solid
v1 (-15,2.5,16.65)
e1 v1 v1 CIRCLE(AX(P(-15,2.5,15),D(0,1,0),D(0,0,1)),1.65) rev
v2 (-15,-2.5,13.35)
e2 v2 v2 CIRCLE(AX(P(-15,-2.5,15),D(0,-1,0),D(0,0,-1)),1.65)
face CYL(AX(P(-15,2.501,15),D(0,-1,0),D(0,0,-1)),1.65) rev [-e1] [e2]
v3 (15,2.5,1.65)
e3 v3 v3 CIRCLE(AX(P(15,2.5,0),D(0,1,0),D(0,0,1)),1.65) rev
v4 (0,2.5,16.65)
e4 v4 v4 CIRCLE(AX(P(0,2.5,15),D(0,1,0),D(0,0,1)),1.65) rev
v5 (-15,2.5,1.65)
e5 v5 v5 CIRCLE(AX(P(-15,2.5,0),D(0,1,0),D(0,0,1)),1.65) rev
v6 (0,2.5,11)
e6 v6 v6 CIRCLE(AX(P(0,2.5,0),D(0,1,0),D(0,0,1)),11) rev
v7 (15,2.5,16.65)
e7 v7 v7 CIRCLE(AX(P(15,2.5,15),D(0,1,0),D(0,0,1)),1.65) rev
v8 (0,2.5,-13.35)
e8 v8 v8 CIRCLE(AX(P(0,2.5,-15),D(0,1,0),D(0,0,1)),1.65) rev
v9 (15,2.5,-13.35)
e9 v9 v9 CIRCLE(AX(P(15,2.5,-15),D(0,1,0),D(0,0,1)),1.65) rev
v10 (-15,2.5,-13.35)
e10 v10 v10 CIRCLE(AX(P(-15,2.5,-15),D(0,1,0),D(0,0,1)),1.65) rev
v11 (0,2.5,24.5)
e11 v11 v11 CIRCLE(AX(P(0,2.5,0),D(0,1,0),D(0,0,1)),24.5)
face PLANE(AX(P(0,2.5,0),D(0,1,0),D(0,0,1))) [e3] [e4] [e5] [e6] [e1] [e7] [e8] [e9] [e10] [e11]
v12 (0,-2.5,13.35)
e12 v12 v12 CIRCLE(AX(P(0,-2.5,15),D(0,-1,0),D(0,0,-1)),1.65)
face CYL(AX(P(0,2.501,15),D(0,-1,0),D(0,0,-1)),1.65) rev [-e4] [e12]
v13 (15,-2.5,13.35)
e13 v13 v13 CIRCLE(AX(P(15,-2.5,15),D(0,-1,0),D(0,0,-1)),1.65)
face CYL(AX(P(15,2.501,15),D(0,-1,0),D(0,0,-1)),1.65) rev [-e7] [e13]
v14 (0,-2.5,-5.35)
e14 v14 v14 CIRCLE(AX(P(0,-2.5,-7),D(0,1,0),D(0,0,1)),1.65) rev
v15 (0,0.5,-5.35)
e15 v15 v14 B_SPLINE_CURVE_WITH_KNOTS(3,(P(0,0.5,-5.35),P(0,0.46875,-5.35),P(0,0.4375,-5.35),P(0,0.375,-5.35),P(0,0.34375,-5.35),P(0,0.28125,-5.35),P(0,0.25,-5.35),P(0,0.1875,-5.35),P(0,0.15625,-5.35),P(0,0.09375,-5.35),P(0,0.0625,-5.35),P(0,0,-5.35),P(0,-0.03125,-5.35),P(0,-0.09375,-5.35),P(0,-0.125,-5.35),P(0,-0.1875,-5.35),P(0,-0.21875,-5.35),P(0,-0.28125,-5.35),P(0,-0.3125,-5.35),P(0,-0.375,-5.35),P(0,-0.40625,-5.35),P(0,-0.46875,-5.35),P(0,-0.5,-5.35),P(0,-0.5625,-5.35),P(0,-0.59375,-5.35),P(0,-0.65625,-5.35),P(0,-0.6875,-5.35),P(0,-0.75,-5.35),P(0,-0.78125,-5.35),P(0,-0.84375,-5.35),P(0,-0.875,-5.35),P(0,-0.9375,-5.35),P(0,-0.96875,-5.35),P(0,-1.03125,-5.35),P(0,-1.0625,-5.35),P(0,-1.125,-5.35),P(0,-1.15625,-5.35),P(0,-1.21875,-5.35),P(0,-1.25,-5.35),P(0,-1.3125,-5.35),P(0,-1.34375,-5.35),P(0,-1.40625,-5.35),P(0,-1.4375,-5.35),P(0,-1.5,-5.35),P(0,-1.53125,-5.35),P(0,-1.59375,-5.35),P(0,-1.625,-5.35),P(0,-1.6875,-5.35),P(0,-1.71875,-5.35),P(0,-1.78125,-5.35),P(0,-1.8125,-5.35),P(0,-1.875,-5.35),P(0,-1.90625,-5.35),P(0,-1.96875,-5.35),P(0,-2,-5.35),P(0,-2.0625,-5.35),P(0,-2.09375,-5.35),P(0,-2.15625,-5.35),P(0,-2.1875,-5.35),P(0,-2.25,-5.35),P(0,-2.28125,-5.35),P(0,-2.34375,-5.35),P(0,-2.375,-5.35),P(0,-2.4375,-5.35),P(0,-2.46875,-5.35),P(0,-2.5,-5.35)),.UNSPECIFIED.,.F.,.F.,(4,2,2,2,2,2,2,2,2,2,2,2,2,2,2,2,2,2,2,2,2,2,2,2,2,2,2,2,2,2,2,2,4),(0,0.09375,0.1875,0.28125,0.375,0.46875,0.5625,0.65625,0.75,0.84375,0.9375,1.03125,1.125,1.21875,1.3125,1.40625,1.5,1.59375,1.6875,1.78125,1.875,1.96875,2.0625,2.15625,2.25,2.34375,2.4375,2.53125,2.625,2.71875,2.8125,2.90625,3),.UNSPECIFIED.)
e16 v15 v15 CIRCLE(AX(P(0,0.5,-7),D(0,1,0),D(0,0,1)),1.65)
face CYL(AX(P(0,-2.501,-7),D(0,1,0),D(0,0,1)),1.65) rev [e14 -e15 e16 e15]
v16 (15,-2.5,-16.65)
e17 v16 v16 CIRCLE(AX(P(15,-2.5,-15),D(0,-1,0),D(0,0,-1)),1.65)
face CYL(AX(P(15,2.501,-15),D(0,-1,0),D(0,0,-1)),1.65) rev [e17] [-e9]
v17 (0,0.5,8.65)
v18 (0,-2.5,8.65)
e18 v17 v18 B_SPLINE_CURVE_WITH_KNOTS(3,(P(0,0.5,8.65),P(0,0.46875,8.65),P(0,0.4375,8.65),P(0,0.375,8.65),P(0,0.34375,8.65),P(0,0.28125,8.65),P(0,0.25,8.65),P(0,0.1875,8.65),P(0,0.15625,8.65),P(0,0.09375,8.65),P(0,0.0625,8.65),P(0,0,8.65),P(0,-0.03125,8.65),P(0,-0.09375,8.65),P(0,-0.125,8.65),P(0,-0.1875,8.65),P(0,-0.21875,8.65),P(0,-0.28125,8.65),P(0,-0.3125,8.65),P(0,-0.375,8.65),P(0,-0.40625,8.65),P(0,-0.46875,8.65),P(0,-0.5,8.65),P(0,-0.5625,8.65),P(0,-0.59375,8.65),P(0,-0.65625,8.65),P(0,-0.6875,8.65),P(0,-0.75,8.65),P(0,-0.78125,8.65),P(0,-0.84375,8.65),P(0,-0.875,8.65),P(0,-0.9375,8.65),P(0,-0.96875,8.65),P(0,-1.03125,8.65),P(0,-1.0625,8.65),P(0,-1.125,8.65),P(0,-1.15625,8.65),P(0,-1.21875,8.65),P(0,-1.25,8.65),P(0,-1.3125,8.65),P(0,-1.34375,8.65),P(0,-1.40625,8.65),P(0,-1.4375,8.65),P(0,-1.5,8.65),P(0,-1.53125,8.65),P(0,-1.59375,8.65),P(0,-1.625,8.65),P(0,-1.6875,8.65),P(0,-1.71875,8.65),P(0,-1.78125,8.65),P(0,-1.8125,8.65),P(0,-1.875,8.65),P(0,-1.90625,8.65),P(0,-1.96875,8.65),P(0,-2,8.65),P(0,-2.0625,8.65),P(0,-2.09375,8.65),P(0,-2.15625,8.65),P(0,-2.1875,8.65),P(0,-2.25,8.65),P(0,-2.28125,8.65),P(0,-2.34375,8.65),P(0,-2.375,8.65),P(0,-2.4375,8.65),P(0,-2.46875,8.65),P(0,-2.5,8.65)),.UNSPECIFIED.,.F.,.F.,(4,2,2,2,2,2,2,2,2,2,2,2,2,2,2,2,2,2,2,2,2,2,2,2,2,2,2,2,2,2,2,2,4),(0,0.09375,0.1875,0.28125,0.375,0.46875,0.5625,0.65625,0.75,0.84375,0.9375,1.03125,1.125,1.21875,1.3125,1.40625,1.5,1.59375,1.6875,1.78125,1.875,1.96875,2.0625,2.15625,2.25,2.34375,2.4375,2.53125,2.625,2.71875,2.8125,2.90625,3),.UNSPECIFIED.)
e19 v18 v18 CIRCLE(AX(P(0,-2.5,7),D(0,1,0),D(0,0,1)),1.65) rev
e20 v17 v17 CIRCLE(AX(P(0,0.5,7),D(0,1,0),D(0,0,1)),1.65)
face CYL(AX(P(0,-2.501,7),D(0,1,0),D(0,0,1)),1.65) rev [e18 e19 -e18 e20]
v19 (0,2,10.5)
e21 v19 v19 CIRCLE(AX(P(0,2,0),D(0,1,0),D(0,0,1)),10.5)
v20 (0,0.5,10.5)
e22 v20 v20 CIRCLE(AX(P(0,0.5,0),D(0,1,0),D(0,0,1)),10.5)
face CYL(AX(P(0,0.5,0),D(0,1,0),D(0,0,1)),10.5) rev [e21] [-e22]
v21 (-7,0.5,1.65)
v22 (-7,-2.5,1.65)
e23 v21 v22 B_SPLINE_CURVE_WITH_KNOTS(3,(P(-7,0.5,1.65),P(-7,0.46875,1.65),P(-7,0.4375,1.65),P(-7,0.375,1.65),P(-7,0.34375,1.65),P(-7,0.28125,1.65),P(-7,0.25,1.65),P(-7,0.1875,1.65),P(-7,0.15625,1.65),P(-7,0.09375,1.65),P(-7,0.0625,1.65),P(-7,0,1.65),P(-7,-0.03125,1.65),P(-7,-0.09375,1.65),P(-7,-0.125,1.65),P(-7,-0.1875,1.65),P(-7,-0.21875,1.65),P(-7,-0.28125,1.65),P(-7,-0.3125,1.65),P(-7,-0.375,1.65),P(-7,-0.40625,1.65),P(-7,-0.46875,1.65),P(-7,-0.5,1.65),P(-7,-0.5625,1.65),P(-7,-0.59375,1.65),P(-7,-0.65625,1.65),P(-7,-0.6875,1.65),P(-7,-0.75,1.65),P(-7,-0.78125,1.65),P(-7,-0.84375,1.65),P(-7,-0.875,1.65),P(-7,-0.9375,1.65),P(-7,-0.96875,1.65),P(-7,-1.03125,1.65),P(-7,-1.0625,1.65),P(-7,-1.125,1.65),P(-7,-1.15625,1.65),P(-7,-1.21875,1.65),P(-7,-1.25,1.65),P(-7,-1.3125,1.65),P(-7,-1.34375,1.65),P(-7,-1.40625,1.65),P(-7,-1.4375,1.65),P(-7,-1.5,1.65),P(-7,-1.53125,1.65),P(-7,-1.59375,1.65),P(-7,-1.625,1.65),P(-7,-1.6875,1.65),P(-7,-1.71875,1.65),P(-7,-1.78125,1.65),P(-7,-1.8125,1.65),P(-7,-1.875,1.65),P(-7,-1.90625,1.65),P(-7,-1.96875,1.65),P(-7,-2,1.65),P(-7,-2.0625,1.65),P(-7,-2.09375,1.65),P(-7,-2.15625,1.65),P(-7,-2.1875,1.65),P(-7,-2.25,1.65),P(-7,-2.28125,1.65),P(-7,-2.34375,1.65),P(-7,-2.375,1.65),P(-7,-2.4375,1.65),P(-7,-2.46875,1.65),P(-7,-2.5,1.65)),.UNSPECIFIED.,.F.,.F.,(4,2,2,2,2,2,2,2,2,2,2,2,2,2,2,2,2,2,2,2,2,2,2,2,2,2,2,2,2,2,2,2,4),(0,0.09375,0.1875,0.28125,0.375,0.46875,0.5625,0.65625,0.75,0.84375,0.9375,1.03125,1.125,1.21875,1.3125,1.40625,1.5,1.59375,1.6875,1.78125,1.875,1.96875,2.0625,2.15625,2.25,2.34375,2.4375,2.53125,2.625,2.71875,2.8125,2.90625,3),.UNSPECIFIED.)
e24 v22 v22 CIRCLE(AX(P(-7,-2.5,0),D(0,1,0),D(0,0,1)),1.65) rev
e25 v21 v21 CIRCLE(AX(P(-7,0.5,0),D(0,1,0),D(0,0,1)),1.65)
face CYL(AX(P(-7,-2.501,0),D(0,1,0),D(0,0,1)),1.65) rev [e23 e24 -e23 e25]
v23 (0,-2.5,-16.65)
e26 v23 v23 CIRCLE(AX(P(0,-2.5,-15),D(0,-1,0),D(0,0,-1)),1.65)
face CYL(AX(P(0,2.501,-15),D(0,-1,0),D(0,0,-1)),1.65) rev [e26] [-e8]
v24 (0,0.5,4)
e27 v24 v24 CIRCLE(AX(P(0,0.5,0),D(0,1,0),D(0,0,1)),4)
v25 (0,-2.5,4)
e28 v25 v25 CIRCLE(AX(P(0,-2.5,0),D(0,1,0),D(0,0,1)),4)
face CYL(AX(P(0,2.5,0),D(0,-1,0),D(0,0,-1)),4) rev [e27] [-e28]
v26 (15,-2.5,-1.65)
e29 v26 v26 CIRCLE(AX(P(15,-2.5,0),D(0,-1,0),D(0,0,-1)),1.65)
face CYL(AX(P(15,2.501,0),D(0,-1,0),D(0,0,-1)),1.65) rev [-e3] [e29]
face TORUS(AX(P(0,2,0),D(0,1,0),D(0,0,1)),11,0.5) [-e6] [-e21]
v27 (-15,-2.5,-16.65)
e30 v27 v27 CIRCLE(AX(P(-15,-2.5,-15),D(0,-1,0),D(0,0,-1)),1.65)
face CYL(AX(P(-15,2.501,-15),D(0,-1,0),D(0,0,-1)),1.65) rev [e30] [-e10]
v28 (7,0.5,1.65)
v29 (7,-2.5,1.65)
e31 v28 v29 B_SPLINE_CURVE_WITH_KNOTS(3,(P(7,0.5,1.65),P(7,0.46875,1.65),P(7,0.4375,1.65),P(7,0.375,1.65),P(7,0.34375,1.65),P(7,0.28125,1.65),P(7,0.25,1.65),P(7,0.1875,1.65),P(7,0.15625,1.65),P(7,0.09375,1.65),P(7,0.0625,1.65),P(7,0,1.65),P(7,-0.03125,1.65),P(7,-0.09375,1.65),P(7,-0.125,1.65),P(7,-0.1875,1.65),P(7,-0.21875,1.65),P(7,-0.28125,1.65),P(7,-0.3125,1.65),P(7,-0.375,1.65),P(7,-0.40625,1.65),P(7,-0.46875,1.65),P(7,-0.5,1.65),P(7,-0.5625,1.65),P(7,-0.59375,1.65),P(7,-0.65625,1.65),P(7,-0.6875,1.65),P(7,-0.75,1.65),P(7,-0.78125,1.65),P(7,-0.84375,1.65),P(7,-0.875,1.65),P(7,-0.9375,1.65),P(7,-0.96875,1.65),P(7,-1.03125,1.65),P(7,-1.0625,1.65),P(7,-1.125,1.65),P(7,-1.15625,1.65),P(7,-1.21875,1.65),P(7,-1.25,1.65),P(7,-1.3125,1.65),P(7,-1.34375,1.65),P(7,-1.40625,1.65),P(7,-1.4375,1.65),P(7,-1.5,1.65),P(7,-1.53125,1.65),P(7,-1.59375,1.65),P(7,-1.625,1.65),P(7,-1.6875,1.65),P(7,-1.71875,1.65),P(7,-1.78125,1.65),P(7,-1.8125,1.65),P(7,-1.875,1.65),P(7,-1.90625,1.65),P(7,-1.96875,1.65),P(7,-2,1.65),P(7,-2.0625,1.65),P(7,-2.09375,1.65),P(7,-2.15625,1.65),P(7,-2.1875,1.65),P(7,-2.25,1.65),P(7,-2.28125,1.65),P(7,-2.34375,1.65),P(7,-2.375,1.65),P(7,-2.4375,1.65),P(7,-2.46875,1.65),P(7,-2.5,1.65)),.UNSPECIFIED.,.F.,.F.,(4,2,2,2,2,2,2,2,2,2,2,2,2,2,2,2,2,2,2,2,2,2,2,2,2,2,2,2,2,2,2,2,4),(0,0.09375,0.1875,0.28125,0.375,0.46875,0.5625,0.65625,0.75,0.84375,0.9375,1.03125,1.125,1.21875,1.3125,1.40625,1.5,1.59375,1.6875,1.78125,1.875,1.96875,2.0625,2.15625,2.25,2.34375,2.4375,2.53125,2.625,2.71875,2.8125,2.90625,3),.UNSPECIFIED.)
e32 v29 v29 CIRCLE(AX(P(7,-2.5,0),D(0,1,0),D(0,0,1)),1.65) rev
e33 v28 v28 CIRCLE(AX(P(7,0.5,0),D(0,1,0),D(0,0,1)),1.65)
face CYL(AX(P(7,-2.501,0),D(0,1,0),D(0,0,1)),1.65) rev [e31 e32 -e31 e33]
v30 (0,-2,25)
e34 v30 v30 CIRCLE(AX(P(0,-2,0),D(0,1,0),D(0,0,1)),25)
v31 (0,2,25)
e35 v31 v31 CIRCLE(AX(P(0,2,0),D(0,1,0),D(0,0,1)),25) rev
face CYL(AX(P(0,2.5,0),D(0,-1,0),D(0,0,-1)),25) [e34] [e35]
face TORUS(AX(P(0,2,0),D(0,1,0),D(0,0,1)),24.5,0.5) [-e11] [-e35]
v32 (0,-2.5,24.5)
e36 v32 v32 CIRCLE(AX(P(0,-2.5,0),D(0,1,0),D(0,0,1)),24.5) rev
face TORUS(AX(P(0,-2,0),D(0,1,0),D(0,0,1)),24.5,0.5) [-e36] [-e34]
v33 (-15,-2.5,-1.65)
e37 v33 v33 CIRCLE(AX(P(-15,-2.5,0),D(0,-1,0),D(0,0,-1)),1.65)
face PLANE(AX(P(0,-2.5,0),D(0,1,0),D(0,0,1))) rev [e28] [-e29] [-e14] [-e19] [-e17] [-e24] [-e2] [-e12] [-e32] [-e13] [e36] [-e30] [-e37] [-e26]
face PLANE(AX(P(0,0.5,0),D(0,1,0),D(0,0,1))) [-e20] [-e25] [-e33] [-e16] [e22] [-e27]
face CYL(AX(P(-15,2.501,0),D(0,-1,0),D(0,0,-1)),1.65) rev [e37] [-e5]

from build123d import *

# Parameters (mm, degrees)
SKETCH1_R           = 25
SKETCH1_R_2         = 4
BOSS_EXTRUDE1_DEPTH = 2.5
SKETCH4_R           = 10.5
CUT_EXTRUDE3_DEPTH  = 2
CUT_EXTRUDE2_REACH  = 37.707
SKETCH3_R           = 1.65
FILLET1_R           = 0.5
CUT_EXTRUDE4_REACH  = 37.482
SKETCH5_R           = 1.65


with BuildPart() as part:
    # Sketch1 → Boss-Extrude1 (new, symmetric)
    with BuildSketch(Plane(origin=(0, 0, 0), x_dir=(1, 0, 0), z_dir=(0, 1, 0))):
        with Locations(Location((0, 0, 0), (0, 0, 270))):
            Circle(SKETCH1_R)
        with Locations(Location((0, 0, 0), (0, 0, 270))):
            Circle(SKETCH1_R_2, mode=Mode.SUBTRACT)
    extrude(amount=BOSS_EXTRUDE1_DEPTH, both=True)

    # Sketch4 → Cut-Extrude3 (cut)
    with BuildSketch(Plane(origin=(0, 2.5, 0), x_dir=(1, 0, 0), z_dir=(0, 1, 0))):
        with Locations(Location((0, 0, 0), (0, 0, 270))):
            Circle(SKETCH4_R)
    extrude(amount=-CUT_EXTRUDE3_DEPTH, mode=Mode.SUBTRACT)

    # Sketch3 → Cut-Extrude2 (cut, up to next)
    with BuildSketch(Plane.XZ.offset(2.5), mode=Mode.PRIVATE) as cut_extrude2_sk1:
        with Locations(Location((-15, 15, 0), (0, 0, 270))):
            Circle(SKETCH3_R)
    cut_extrude2_tool1 = extrude(cut_extrude2_sk1.sketch, amount=-CUT_EXTRUDE2_REACH, mode=Mode.PRIVATE) & part.part
    # Sketch3 → Cut-Extrude2 (cut, up to next)
    with BuildSketch(Plane.XZ.offset(2.5), mode=Mode.PRIVATE) as cut_extrude2_sk2:
        with Locations(Location((15, 15, 0), (0, 0, 270))):
            Circle(SKETCH3_R)
    cut_extrude2_tool2 = extrude(cut_extrude2_sk2.sketch, amount=-CUT_EXTRUDE2_REACH, mode=Mode.PRIVATE) & part.part
    # Sketch3 → Cut-Extrude2 (cut, up to next)
    with BuildSketch(Plane.XZ.offset(2.5), mode=Mode.PRIVATE) as cut_extrude2_sk3:
        with Locations(Location((15, -15, 0), (0, 0, 270))):
            Circle(SKETCH3_R)
    cut_extrude2_tool3 = extrude(cut_extrude2_sk3.sketch, amount=-CUT_EXTRUDE2_REACH, mode=Mode.PRIVATE) & part.part
    # Sketch3 → Cut-Extrude2 (cut, up to next)
    with BuildSketch(Plane.XZ.offset(2.5), mode=Mode.PRIVATE) as cut_extrude2_sk4:
        with Locations(Location((-15, -15, 0), (0, 0, 270))):
            Circle(SKETCH3_R)
    cut_extrude2_tool4 = extrude(cut_extrude2_sk4.sketch, amount=-CUT_EXTRUDE2_REACH, mode=Mode.PRIVATE) & part.part
    # Sketch3 → Cut-Extrude2 (cut, up to next)
    with BuildSketch(Plane.XZ.offset(2.5), mode=Mode.PRIVATE) as cut_extrude2_sk5:
        with Locations(Location((0, 15, 0), (0, 0, 270))):
            Circle(SKETCH3_R)
    cut_extrude2_tool5 = extrude(cut_extrude2_sk5.sketch, amount=-CUT_EXTRUDE2_REACH, mode=Mode.PRIVATE) & part.part
    # Sketch3 → Cut-Extrude2 (cut, up to next)
    with BuildSketch(Plane.XZ.offset(2.5), mode=Mode.PRIVATE) as cut_extrude2_sk6:
        with Locations(Location((15, 0, 0), (0, 0, 270))):
            Circle(SKETCH3_R)
    cut_extrude2_tool6 = extrude(cut_extrude2_sk6.sketch, amount=-CUT_EXTRUDE2_REACH, mode=Mode.PRIVATE) & part.part
    # Sketch3 → Cut-Extrude2 (cut, up to next)
    with BuildSketch(Plane.XZ.offset(2.5), mode=Mode.PRIVATE) as cut_extrude2_sk7:
        with Locations(Location((0, -15, 0), (0, 0, 270))):
            Circle(SKETCH3_R)
    cut_extrude2_tool7 = extrude(cut_extrude2_sk7.sketch, amount=-CUT_EXTRUDE2_REACH, mode=Mode.PRIVATE) & part.part
    # Sketch3 → Cut-Extrude2 (cut, up to next)
    with BuildSketch(Plane.XZ.offset(2.5), mode=Mode.PRIVATE) as cut_extrude2_sk8:
        with Locations(Location((-15, 0, 0), (0, 0, 270))):
            Circle(SKETCH3_R)
    cut_extrude2_tool8 = extrude(cut_extrude2_sk8.sketch, amount=-CUT_EXTRUDE2_REACH, mode=Mode.PRIVATE) & part.part
    add(cut_extrude2_tool1.solids().sort_by_distance((-15, -2.5, 15))[0], mode=Mode.SUBTRACT)
    add(cut_extrude2_tool2.solids().sort_by_distance((15, -2.5, 15))[0], mode=Mode.SUBTRACT)
    add(cut_extrude2_tool3.solids().sort_by_distance((15, -2.5, -15))[0], mode=Mode.SUBTRACT)
    add(cut_extrude2_tool4.solids().sort_by_distance((-15, -2.5, -15))[0], mode=Mode.SUBTRACT)
    add(cut_extrude2_tool5.solids().sort_by_distance((0, -2.5, 15))[0], mode=Mode.SUBTRACT)
    add(cut_extrude2_tool6.solids().sort_by_distance((15, -2.5, 0))[0], mode=Mode.SUBTRACT)
    add(cut_extrude2_tool7.solids().sort_by_distance((0, -2.5, -15))[0], mode=Mode.SUBTRACT)
    add(cut_extrude2_tool8.solids().sort_by_distance((-15, -2.5, 0))[0], mode=Mode.SUBTRACT)

    # Fillet1
    fillet1_edges = [part.edges().sort_by_distance(p)[0] for p in [
        (0, 2.5, -10.5),
        (0, -2.5, -25),
        (0, 2.5, -25),
    ]]
    fillet(fillet1_edges, radius=FILLET1_R)

    # Sketch5 → Cut-Extrude4 (cut, up to next)
    with BuildSketch(Plane(origin=(0, 0.5, 0), x_dir=(1, 0, 0), z_dir=(0, 1, 0)), mode=Mode.PRIVATE) as cut_extrude4_sk1:
        with Locations(Location((0, 7, 0), (0, 0, 270))):
            Circle(SKETCH5_R)
    cut_extrude4_tool1 = extrude(cut_extrude4_sk1.sketch, amount=-CUT_EXTRUDE4_REACH, mode=Mode.PRIVATE) & part.part
    # Sketch5 → Cut-Extrude4 (cut, up to next)
    with BuildSketch(Plane(origin=(0, 0.5, 0), x_dir=(1, 0, 0), z_dir=(0, 1, 0)), mode=Mode.PRIVATE) as cut_extrude4_sk2:
        with Locations(Location((0, -7, 0), (0, 0, 270))):
            Circle(SKETCH5_R)
    cut_extrude4_tool2 = extrude(cut_extrude4_sk2.sketch, amount=-CUT_EXTRUDE4_REACH, mode=Mode.PRIVATE) & part.part
    # Sketch5 → Cut-Extrude4 (cut, up to next)
    with BuildSketch(Plane(origin=(0, 0.5, 0), x_dir=(1, 0, 0), z_dir=(0, 1, 0)), mode=Mode.PRIVATE) as cut_extrude4_sk3:
        with Locations(Location((7, 0, 0), (0, 0, 270))):
            Circle(SKETCH5_R)
    cut_extrude4_tool3 = extrude(cut_extrude4_sk3.sketch, amount=-CUT_EXTRUDE4_REACH, mode=Mode.PRIVATE) & part.part
    # Sketch5 → Cut-Extrude4 (cut, up to next)
    with BuildSketch(Plane(origin=(0, 0.5, 0), x_dir=(1, 0, 0), z_dir=(0, 1, 0)), mode=Mode.PRIVATE) as cut_extrude4_sk4:
        with Locations(Location((-7, 0, 0), (0, 0, 270))):
            Circle(SKETCH5_R)
    cut_extrude4_tool4 = extrude(cut_extrude4_sk4.sketch, amount=-CUT_EXTRUDE4_REACH, mode=Mode.PRIVATE) & part.part
    add(cut_extrude4_tool1.solids().sort_by_distance((0, 0.5, -7))[0], mode=Mode.SUBTRACT)
    add(cut_extrude4_tool2.solids().sort_by_distance((0, 0.5, 7))[0], mode=Mode.SUBTRACT)
    add(cut_extrude4_tool3.solids().sort_by_distance((7, 0.5, 0))[0], mode=Mode.SUBTRACT)
    add(cut_extrude4_tool4.solids().sort_by_distance((-7, 0.5, 0))[0], mode=Mode.SUBTRACT)


solid = part.part
